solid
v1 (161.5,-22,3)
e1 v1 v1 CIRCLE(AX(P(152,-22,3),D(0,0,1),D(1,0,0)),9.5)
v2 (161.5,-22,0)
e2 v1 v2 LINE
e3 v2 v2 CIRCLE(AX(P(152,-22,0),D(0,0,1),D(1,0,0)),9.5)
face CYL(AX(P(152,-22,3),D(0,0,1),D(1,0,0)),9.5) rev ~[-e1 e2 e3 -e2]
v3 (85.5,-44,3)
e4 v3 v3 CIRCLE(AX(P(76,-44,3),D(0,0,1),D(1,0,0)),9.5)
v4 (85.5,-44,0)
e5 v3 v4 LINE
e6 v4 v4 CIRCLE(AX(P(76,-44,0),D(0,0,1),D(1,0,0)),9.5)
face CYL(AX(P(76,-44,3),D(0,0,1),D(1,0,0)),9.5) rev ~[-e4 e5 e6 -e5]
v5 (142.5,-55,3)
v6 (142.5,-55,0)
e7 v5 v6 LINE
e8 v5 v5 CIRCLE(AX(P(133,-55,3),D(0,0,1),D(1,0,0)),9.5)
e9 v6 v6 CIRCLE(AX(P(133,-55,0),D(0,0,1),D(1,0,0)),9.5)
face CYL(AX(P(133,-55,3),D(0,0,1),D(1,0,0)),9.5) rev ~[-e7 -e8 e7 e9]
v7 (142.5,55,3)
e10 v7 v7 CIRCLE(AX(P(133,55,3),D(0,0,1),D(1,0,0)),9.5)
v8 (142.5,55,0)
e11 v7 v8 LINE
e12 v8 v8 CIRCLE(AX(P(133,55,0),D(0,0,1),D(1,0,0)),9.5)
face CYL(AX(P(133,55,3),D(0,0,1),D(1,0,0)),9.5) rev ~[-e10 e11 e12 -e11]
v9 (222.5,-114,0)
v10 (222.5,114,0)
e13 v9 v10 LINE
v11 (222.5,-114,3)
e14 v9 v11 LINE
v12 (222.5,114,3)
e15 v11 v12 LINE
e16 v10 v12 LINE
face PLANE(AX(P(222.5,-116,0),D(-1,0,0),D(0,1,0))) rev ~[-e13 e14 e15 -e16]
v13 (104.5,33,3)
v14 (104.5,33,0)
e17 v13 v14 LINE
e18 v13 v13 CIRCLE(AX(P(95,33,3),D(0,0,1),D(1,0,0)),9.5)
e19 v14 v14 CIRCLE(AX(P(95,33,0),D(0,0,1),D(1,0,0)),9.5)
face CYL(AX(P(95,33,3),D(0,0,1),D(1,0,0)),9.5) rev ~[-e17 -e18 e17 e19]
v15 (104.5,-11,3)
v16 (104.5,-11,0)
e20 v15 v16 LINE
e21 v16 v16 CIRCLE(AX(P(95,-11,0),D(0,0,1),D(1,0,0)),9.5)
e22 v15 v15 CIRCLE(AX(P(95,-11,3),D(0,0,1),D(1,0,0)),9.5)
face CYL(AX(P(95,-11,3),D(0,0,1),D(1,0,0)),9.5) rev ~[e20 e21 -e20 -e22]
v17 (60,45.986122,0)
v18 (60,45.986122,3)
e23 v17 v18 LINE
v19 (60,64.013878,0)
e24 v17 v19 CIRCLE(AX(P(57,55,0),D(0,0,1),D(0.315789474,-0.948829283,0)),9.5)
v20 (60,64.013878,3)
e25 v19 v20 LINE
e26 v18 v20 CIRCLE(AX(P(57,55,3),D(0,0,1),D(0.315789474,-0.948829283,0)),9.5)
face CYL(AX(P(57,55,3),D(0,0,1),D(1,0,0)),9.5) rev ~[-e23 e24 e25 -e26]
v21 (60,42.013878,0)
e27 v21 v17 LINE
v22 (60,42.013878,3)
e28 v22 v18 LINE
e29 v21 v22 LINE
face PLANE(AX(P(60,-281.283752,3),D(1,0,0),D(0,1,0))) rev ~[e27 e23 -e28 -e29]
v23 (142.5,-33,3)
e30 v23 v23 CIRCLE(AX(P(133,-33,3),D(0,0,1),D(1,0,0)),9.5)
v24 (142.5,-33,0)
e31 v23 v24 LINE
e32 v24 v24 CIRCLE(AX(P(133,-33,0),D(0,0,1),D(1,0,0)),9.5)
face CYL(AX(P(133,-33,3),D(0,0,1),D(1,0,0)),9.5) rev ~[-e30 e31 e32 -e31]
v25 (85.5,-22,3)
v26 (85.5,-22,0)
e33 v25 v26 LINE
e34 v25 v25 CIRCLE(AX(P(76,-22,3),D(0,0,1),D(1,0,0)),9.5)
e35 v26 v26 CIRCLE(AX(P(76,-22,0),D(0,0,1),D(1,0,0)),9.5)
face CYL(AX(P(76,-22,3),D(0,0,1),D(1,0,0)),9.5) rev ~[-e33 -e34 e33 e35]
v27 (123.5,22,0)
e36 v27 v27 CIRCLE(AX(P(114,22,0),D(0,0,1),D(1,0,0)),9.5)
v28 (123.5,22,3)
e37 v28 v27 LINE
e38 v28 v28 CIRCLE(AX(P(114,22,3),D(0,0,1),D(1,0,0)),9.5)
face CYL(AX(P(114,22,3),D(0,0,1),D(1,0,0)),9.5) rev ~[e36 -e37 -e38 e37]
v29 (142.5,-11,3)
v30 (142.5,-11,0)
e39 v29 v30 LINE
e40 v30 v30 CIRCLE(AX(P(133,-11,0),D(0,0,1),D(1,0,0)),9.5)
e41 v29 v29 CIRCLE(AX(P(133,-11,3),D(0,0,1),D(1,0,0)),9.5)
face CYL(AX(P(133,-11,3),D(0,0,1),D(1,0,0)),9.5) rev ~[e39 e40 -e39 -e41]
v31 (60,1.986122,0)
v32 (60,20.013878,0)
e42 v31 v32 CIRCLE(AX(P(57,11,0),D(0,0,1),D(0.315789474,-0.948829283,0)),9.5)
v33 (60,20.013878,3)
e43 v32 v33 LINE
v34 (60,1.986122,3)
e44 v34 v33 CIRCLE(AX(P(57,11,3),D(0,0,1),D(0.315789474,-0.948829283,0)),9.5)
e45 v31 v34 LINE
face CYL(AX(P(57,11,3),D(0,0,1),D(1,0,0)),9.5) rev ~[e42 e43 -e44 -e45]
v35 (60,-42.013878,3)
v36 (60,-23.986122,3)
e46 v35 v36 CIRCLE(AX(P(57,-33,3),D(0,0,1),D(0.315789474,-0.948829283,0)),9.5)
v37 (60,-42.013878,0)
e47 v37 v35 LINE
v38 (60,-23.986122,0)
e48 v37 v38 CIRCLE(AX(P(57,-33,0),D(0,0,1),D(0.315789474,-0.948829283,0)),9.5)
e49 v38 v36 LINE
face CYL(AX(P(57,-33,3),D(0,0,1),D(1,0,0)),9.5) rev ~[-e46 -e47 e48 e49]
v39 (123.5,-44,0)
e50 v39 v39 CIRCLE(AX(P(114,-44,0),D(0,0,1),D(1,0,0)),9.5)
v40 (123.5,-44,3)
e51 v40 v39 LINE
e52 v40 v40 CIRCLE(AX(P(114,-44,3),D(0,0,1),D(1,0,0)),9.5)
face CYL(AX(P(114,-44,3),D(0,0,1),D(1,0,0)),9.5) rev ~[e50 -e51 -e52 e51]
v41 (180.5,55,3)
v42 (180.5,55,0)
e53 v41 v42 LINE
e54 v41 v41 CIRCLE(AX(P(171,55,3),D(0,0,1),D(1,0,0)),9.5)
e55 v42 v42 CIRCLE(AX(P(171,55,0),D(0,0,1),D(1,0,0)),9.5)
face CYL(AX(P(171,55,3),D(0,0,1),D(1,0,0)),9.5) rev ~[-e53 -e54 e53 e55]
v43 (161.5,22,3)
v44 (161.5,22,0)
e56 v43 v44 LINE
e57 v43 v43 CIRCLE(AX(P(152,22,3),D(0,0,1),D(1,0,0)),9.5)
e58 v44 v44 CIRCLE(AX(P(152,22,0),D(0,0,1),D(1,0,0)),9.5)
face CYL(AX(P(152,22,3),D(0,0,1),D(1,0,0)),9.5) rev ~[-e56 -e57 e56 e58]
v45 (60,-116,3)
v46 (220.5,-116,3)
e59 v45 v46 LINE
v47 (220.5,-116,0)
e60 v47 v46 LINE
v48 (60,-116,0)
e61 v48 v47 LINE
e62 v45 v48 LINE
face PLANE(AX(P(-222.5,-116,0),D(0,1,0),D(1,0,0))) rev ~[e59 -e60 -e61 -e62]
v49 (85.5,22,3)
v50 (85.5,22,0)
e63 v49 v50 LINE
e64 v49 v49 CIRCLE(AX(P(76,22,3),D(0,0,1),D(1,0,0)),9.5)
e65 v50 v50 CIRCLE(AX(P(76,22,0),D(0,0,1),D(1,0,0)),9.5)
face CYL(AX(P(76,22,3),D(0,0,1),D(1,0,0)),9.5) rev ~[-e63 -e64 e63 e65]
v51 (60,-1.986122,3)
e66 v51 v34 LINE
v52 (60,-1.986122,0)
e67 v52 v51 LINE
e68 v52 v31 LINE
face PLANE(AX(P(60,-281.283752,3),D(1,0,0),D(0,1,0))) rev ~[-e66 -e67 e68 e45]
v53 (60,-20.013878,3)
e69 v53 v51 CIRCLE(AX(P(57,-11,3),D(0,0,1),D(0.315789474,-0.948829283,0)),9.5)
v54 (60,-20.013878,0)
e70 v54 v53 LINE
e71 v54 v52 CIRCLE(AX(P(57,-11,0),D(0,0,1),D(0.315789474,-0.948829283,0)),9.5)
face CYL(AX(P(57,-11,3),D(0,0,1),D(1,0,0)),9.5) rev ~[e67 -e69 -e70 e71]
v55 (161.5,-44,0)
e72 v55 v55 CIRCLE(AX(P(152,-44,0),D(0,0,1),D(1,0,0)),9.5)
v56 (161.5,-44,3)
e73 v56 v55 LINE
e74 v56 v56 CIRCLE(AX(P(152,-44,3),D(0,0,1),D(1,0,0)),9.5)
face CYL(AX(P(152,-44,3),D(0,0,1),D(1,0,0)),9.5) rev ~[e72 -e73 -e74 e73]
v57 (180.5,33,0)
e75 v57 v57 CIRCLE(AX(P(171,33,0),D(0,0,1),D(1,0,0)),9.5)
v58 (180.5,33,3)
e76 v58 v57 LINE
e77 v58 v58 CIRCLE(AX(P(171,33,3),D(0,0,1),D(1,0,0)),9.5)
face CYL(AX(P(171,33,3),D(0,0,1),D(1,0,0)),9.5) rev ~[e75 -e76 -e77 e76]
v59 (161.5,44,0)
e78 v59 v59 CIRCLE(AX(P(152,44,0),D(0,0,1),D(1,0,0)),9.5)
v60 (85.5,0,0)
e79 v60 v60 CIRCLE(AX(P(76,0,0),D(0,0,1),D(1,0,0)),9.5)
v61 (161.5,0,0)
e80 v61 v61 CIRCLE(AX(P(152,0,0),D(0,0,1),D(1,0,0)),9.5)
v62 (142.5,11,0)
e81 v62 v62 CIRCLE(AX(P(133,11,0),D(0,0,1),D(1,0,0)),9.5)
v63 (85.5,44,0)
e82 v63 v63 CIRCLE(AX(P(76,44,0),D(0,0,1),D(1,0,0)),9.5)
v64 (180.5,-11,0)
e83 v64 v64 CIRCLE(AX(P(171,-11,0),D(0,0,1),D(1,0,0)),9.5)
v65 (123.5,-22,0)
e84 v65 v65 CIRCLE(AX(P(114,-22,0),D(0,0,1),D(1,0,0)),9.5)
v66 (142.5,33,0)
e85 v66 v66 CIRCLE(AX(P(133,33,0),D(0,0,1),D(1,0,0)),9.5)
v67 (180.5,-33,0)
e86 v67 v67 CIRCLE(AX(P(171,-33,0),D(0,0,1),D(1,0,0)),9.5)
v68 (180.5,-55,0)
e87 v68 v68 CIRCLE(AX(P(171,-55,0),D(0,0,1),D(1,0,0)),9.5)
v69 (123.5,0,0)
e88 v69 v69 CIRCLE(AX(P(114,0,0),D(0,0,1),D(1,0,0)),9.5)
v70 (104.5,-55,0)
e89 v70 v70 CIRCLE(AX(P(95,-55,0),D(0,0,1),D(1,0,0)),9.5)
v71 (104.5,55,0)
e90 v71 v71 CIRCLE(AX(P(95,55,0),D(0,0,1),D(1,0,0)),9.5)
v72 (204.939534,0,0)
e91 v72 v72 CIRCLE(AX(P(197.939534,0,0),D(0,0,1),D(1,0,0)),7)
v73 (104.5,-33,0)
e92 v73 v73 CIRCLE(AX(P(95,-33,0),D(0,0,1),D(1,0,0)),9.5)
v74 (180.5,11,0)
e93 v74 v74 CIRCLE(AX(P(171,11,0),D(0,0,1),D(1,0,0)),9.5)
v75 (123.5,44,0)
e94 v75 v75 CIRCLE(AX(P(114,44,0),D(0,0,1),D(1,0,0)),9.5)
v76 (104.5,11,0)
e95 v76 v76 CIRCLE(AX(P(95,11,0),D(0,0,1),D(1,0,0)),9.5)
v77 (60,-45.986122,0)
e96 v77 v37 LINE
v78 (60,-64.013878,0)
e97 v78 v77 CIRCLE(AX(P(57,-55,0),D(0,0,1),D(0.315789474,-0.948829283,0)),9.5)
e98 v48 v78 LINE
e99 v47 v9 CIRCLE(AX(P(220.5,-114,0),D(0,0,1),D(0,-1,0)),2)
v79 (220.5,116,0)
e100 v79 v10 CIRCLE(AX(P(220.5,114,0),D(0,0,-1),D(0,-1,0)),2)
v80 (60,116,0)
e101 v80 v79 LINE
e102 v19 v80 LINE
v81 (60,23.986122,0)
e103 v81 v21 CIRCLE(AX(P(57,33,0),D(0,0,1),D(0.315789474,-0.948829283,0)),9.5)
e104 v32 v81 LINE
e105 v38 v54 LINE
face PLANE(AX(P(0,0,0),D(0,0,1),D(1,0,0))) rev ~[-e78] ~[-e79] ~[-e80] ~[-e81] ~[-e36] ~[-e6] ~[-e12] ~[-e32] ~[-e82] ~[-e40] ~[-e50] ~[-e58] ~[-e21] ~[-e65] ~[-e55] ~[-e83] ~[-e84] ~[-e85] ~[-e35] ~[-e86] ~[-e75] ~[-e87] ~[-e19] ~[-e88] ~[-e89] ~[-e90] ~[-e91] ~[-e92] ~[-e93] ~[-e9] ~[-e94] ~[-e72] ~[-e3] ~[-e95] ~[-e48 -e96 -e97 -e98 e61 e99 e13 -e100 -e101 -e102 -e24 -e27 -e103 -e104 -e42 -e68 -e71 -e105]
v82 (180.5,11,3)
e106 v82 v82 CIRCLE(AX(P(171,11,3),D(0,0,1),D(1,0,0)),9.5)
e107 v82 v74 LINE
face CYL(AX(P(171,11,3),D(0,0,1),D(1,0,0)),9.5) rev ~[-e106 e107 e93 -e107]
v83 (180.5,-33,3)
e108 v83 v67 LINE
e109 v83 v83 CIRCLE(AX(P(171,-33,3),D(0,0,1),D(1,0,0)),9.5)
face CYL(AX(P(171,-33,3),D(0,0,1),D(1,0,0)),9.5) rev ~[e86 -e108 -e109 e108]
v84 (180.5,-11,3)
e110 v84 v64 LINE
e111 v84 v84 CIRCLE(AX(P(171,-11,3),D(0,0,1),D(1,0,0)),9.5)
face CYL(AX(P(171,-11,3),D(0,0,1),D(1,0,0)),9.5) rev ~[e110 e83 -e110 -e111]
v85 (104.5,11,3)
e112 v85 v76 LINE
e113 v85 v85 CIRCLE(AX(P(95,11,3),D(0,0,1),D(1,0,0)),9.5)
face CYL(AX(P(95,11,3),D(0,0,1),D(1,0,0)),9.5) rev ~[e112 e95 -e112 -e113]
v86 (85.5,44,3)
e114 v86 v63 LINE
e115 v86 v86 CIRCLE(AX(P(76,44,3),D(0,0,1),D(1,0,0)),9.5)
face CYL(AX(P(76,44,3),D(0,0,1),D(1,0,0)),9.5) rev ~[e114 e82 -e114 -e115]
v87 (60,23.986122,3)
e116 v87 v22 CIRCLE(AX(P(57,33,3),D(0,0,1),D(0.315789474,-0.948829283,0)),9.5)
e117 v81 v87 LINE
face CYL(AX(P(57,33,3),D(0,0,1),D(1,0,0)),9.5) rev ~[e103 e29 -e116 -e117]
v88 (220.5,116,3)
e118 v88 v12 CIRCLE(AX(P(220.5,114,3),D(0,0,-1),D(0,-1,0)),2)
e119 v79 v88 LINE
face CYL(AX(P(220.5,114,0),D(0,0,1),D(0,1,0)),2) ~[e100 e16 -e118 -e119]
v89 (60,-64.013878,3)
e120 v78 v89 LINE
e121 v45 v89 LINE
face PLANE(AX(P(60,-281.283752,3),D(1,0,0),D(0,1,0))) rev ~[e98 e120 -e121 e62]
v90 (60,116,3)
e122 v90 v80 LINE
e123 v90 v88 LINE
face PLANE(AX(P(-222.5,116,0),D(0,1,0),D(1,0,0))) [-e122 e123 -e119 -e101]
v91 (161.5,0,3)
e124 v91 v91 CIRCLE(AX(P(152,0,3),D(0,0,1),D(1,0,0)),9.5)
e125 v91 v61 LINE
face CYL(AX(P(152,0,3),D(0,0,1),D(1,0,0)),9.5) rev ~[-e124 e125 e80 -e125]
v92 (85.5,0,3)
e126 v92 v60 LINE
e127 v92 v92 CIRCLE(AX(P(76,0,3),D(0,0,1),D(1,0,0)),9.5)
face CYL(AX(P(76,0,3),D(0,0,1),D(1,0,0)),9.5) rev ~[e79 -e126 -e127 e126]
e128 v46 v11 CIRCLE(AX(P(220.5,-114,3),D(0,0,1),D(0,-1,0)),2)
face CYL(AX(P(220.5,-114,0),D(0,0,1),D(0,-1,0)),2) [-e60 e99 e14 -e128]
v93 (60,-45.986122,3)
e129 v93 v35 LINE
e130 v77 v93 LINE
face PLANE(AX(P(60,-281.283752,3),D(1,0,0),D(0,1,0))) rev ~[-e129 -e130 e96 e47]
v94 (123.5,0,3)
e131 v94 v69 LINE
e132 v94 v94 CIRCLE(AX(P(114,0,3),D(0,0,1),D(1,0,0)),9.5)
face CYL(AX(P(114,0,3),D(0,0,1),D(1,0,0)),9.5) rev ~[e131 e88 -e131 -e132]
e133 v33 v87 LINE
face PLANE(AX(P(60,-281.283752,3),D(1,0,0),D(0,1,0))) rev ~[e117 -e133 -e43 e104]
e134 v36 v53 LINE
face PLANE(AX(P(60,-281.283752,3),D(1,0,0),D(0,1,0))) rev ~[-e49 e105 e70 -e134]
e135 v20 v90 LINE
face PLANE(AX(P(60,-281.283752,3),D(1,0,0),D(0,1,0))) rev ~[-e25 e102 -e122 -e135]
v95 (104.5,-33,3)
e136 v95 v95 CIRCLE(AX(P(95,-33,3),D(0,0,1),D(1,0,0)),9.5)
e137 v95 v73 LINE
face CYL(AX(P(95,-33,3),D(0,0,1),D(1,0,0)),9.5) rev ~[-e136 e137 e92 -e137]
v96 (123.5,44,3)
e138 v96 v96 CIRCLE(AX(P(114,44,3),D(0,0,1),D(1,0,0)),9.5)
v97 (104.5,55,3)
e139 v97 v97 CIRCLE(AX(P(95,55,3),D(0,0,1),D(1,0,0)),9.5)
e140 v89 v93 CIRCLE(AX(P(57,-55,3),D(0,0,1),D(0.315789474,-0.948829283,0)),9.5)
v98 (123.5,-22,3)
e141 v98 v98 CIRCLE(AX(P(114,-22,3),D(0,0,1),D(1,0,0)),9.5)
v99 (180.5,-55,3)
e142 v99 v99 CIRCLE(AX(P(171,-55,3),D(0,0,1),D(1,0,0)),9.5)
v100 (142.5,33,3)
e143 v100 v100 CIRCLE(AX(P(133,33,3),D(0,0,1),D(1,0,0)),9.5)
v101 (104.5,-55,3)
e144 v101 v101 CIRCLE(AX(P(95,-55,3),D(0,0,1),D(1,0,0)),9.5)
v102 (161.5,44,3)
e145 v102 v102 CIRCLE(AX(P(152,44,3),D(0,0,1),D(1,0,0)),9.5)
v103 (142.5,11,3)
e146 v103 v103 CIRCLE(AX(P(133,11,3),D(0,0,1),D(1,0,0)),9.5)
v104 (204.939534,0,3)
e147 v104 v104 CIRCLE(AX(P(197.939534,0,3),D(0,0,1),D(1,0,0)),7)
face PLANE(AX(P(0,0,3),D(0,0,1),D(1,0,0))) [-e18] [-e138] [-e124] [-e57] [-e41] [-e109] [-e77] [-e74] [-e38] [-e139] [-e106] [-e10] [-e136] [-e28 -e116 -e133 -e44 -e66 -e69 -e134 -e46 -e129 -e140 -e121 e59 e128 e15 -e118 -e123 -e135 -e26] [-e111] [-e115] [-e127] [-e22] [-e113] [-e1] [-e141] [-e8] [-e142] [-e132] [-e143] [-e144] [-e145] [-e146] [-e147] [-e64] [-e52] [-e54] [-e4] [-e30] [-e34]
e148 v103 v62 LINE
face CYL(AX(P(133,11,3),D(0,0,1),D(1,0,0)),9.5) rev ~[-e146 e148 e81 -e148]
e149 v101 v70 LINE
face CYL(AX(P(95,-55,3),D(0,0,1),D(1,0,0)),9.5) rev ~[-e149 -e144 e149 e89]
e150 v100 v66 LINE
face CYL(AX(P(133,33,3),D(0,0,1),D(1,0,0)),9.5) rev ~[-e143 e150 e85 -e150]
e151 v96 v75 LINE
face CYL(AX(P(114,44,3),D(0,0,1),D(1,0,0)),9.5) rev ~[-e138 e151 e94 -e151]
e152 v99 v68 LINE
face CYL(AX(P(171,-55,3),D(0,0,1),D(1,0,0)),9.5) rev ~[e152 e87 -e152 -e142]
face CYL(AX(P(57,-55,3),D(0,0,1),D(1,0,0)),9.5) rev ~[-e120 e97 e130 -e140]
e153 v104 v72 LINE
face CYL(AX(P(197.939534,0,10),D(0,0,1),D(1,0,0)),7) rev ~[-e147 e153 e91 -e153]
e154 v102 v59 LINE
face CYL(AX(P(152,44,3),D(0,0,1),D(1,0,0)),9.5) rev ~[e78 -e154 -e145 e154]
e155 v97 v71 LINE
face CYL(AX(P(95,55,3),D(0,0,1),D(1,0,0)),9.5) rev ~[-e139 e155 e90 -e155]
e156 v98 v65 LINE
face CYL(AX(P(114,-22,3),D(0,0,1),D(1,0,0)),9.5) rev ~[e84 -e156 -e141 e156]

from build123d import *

# Parameters (mm, degrees)
SKETCH058_W     = 445
SKETCH058_H     = 232
PAD022_DEPTH    = 3
SKETCH059_R     = 9.5
POCKET036_DEPTH = 5
FILLET007_R     = 2
SKETCH060_R     = 7
POCKET037_DEPTH = 10.001
SKETCH079_W     = 462.91922
SKETCH079_H     = 530.257522
POCKET051_DEPTH = 5


with BuildPart() as part:
    # Sketch058 → Pad022 (new body)
    with BuildSketch(Plane.XY):
        Rectangle(SKETCH058_W, SKETCH058_H)
    extrude(amount=PAD022_DEPTH)

    # Sketch059 (on Face6 of Pad022) → Pocket036 (cut)
    with BuildSketch(Plane.XY.offset(3)):
        with Locations((-171, 55)):
            Circle(SKETCH059_R)
        with Locations((-171, 33)):
            Circle(SKETCH059_R)
        with Locations((-171, 11)):
            Circle(SKETCH059_R)
        with Locations((-171, -11)):
            Circle(SKETCH059_R)
        with Locations((-171, -33)):
            Circle(SKETCH059_R)
        with Locations((-171, -55)):
            Circle(SKETCH059_R)
        with Locations((-152, 44)):
            Circle(SKETCH059_R)
        with Locations((-152, 22)):
            Circle(SKETCH059_R)
        with Locations((-152, 0)):
            Circle(SKETCH059_R)
        with Locations((-152, -22)):
            Circle(SKETCH059_R)
        with Locations((-152, -44)):
            Circle(SKETCH059_R)
        with Locations((-133, 55)):
            Circle(SKETCH059_R)
        with Locations((-133, 33)):
            Circle(SKETCH059_R)
        with Locations((-133, 11)):
            Circle(SKETCH059_R)
        with Locations((-133, -11)):
            Circle(SKETCH059_R)
        with Locations((-133, -33)):
            Circle(SKETCH059_R)
        with Locations((-133, -55)):
            Circle(SKETCH059_R)
        with Locations((-114, 44)):
            Circle(SKETCH059_R)
        with Locations((-114, 22)):
            Circle(SKETCH059_R)
        with Locations((-114, 0)):
            Circle(SKETCH059_R)
        with Locations((-114, -22)):
            Circle(SKETCH059_R)
        with Locations((-114, -44)):
            Circle(SKETCH059_R)
        with Locations((-95, 55)):
            Circle(SKETCH059_R)
        with Locations((-95, 33)):
            Circle(SKETCH059_R)
        with Locations((-95, 11)):
            Circle(SKETCH059_R)
        with Locations((-95, -11)):
            Circle(SKETCH059_R)
        with Locations((-95, -33)):
            Circle(SKETCH059_R)
        with Locations((-95, -55)):
            Circle(SKETCH059_R)
        with Locations((-76, -44)):
            Circle(SKETCH059_R)
        with Locations((-76, -22)):
            Circle(SKETCH059_R)
        with Locations((-76, 0)):
            Circle(SKETCH059_R)
        with Locations((-76, 22)):
            Circle(SKETCH059_R)
        with Locations((-76, 44)):
            Circle(SKETCH059_R)
        with Locations((-57, 55)):
            Circle(SKETCH059_R)
        with Locations((-57, 33)):
            Circle(SKETCH059_R)
        with Locations((-57, 11)):
            Circle(SKETCH059_R)
        with Locations((-57, -11)):
            Circle(SKETCH059_R)
        with Locations((-57, -33)):
            Circle(SKETCH059_R)
        with Locations((-38, 44)):
            Circle(SKETCH059_R)
        with Locations((-38, 22)):
            Circle(SKETCH059_R)
        with Locations((-38, 0)):
            Circle(SKETCH059_R)
        with Locations((-38, -22)):
            Circle(SKETCH059_R)
        with Locations((-38, -44)):
            Circle(SKETCH059_R)
        with Locations((-57, -55)):
            Circle(SKETCH059_R)
        with Locations((-19, 55)):
            Circle(SKETCH059_R)
        with Locations((-19, 33)):
            Circle(SKETCH059_R)
        with Locations((-19, 11)):
            Circle(SKETCH059_R)
        with Locations((-19, -11)):
            Circle(SKETCH059_R)
        with Locations((-19, -33)):
            Circle(SKETCH059_R)
        with Locations((-19, -55)):
            Circle(SKETCH059_R)
        with Locations((0, -44)):
            Circle(SKETCH059_R)
        with Locations((0, -22)):
            Circle(SKETCH059_R)
        Circle(SKETCH059_R)
        with Locations((0, 22)):
            Circle(SKETCH059_R)
        with Locations((0, 44)):
            Circle(SKETCH059_R)
        with Locations((19, 55)):
            Circle(SKETCH059_R)
        with Locations((19, 33)):
            Circle(SKETCH059_R)
        with Locations((19, 11)):
            Circle(SKETCH059_R)
        with Locations((19, -11)):
            Circle(SKETCH059_R)
        with Locations((19, -33)):
            Circle(SKETCH059_R)
        with Locations((19, -55)):
            Circle(SKETCH059_R)
        with Locations((38, -44)):
            Circle(SKETCH059_R)
        with Locations((38, -22)):
            Circle(SKETCH059_R)
        with Locations((38, 0)):
            Circle(SKETCH059_R)
        with Locations((38, 22)):
            Circle(SKETCH059_R)
        with Locations((38, 44)):
            Circle(SKETCH059_R)
        with Locations((57, 55)):
            Circle(SKETCH059_R)
        with Locations((57, 33)):
            Circle(SKETCH059_R)
        with Locations((57, 11)):
            Circle(SKETCH059_R)
        with Locations((57, -11)):
            Circle(SKETCH059_R)
        with Locations((76, 0)):
            Circle(SKETCH059_R)
        with Locations((76, 22)):
            Circle(SKETCH059_R)
        with Locations((76, 44)):
            Circle(SKETCH059_R)
        with Locations((57, -33)):
            Circle(SKETCH059_R)
        with Locations((57, -55)):
            Circle(SKETCH059_R)
        with Locations((76, -44)):
            Circle(SKETCH059_R)
        with Locations((76, -22)):
            Circle(SKETCH059_R)
        with Locations((95, 55)):
            Circle(SKETCH059_R)
        with Locations((95, 33)):
            Circle(SKETCH059_R)
        with Locations((95, 11)):
            Circle(SKETCH059_R)
        with Locations((95, -11)):
            Circle(SKETCH059_R)
        with Locations((95, -33)):
            Circle(SKETCH059_R)
        with Locations((95, -55)):
            Circle(SKETCH059_R)
        with Locations((114, 44)):
            Circle(SKETCH059_R)
        with Locations((114, 22)):
            Circle(SKETCH059_R)
        with Locations((114, 0)):
            Circle(SKETCH059_R)
        with Locations((114, -22)):
            Circle(SKETCH059_R)
        with Locations((114, -44)):
            Circle(SKETCH059_R)
        with Locations((133, 55)):
            Circle(SKETCH059_R)
        with Locations((133, 33)):
            Circle(SKETCH059_R)
        with Locations((133, 11)):
            Circle(SKETCH059_R)
        with Locations((133, -11)):
            Circle(SKETCH059_R)
        with Locations((133, -33)):
            Circle(SKETCH059_R)
        with Locations((133, -55)):
            Circle(SKETCH059_R)
        with Locations((152, 44)):
            Circle(SKETCH059_R)
        with Locations((152, 22)):
            Circle(SKETCH059_R)
        with Locations((152, 0)):
            Circle(SKETCH059_R)
        with Locations((152, -22)):
            Circle(SKETCH059_R)
        with Locations((152, -44)):
            Circle(SKETCH059_R)
        with Locations((171, 55)):
            Circle(SKETCH059_R)
        with Locations((171, 33)):
            Circle(SKETCH059_R)
        with Locations((171, 11)):
            Circle(SKETCH059_R)
        with Locations((171, -11)):
            Circle(SKETCH059_R)
        with Locations((171, -33)):
            Circle(SKETCH059_R)
        with Locations((171, -55)):
            Circle(SKETCH059_R)
    extrude(amount=-POCKET036_DEPTH, mode=Mode.SUBTRACT)

    # Fillet007
    fillet007_edges = [part.edges().sort_by_distance(p)[0] for p in [
        (-222.5, -116, 1.5),
        (222.5, -116, 1.5),
        (222.5, 116, 1.5),
        (-222.5, 116, 1.5),
    ]]
    fillet(fillet007_edges, radius=FILLET007_R)

    # Sketch060 → Pocket037 (cut, through all)
    with BuildSketch(Plane.XY.offset(10)):
        with Locations((197.939534, 0)):
            Circle(SKETCH060_R)
    extrude(amount=-POCKET037_DEPTH, mode=Mode.SUBTRACT)

    # Sketch079 (on Face5 of Pocket037) → Pocket051 (cut)
    with BuildSketch(Plane.XY.offset(3)):
        with Locations((-171.45961, -16.154991)):
            Rectangle(SKETCH079_W, SKETCH079_H)
    extrude(amount=-POCKET051_DEPTH, mode=Mode.SUBTRACT)


solid = part.part
